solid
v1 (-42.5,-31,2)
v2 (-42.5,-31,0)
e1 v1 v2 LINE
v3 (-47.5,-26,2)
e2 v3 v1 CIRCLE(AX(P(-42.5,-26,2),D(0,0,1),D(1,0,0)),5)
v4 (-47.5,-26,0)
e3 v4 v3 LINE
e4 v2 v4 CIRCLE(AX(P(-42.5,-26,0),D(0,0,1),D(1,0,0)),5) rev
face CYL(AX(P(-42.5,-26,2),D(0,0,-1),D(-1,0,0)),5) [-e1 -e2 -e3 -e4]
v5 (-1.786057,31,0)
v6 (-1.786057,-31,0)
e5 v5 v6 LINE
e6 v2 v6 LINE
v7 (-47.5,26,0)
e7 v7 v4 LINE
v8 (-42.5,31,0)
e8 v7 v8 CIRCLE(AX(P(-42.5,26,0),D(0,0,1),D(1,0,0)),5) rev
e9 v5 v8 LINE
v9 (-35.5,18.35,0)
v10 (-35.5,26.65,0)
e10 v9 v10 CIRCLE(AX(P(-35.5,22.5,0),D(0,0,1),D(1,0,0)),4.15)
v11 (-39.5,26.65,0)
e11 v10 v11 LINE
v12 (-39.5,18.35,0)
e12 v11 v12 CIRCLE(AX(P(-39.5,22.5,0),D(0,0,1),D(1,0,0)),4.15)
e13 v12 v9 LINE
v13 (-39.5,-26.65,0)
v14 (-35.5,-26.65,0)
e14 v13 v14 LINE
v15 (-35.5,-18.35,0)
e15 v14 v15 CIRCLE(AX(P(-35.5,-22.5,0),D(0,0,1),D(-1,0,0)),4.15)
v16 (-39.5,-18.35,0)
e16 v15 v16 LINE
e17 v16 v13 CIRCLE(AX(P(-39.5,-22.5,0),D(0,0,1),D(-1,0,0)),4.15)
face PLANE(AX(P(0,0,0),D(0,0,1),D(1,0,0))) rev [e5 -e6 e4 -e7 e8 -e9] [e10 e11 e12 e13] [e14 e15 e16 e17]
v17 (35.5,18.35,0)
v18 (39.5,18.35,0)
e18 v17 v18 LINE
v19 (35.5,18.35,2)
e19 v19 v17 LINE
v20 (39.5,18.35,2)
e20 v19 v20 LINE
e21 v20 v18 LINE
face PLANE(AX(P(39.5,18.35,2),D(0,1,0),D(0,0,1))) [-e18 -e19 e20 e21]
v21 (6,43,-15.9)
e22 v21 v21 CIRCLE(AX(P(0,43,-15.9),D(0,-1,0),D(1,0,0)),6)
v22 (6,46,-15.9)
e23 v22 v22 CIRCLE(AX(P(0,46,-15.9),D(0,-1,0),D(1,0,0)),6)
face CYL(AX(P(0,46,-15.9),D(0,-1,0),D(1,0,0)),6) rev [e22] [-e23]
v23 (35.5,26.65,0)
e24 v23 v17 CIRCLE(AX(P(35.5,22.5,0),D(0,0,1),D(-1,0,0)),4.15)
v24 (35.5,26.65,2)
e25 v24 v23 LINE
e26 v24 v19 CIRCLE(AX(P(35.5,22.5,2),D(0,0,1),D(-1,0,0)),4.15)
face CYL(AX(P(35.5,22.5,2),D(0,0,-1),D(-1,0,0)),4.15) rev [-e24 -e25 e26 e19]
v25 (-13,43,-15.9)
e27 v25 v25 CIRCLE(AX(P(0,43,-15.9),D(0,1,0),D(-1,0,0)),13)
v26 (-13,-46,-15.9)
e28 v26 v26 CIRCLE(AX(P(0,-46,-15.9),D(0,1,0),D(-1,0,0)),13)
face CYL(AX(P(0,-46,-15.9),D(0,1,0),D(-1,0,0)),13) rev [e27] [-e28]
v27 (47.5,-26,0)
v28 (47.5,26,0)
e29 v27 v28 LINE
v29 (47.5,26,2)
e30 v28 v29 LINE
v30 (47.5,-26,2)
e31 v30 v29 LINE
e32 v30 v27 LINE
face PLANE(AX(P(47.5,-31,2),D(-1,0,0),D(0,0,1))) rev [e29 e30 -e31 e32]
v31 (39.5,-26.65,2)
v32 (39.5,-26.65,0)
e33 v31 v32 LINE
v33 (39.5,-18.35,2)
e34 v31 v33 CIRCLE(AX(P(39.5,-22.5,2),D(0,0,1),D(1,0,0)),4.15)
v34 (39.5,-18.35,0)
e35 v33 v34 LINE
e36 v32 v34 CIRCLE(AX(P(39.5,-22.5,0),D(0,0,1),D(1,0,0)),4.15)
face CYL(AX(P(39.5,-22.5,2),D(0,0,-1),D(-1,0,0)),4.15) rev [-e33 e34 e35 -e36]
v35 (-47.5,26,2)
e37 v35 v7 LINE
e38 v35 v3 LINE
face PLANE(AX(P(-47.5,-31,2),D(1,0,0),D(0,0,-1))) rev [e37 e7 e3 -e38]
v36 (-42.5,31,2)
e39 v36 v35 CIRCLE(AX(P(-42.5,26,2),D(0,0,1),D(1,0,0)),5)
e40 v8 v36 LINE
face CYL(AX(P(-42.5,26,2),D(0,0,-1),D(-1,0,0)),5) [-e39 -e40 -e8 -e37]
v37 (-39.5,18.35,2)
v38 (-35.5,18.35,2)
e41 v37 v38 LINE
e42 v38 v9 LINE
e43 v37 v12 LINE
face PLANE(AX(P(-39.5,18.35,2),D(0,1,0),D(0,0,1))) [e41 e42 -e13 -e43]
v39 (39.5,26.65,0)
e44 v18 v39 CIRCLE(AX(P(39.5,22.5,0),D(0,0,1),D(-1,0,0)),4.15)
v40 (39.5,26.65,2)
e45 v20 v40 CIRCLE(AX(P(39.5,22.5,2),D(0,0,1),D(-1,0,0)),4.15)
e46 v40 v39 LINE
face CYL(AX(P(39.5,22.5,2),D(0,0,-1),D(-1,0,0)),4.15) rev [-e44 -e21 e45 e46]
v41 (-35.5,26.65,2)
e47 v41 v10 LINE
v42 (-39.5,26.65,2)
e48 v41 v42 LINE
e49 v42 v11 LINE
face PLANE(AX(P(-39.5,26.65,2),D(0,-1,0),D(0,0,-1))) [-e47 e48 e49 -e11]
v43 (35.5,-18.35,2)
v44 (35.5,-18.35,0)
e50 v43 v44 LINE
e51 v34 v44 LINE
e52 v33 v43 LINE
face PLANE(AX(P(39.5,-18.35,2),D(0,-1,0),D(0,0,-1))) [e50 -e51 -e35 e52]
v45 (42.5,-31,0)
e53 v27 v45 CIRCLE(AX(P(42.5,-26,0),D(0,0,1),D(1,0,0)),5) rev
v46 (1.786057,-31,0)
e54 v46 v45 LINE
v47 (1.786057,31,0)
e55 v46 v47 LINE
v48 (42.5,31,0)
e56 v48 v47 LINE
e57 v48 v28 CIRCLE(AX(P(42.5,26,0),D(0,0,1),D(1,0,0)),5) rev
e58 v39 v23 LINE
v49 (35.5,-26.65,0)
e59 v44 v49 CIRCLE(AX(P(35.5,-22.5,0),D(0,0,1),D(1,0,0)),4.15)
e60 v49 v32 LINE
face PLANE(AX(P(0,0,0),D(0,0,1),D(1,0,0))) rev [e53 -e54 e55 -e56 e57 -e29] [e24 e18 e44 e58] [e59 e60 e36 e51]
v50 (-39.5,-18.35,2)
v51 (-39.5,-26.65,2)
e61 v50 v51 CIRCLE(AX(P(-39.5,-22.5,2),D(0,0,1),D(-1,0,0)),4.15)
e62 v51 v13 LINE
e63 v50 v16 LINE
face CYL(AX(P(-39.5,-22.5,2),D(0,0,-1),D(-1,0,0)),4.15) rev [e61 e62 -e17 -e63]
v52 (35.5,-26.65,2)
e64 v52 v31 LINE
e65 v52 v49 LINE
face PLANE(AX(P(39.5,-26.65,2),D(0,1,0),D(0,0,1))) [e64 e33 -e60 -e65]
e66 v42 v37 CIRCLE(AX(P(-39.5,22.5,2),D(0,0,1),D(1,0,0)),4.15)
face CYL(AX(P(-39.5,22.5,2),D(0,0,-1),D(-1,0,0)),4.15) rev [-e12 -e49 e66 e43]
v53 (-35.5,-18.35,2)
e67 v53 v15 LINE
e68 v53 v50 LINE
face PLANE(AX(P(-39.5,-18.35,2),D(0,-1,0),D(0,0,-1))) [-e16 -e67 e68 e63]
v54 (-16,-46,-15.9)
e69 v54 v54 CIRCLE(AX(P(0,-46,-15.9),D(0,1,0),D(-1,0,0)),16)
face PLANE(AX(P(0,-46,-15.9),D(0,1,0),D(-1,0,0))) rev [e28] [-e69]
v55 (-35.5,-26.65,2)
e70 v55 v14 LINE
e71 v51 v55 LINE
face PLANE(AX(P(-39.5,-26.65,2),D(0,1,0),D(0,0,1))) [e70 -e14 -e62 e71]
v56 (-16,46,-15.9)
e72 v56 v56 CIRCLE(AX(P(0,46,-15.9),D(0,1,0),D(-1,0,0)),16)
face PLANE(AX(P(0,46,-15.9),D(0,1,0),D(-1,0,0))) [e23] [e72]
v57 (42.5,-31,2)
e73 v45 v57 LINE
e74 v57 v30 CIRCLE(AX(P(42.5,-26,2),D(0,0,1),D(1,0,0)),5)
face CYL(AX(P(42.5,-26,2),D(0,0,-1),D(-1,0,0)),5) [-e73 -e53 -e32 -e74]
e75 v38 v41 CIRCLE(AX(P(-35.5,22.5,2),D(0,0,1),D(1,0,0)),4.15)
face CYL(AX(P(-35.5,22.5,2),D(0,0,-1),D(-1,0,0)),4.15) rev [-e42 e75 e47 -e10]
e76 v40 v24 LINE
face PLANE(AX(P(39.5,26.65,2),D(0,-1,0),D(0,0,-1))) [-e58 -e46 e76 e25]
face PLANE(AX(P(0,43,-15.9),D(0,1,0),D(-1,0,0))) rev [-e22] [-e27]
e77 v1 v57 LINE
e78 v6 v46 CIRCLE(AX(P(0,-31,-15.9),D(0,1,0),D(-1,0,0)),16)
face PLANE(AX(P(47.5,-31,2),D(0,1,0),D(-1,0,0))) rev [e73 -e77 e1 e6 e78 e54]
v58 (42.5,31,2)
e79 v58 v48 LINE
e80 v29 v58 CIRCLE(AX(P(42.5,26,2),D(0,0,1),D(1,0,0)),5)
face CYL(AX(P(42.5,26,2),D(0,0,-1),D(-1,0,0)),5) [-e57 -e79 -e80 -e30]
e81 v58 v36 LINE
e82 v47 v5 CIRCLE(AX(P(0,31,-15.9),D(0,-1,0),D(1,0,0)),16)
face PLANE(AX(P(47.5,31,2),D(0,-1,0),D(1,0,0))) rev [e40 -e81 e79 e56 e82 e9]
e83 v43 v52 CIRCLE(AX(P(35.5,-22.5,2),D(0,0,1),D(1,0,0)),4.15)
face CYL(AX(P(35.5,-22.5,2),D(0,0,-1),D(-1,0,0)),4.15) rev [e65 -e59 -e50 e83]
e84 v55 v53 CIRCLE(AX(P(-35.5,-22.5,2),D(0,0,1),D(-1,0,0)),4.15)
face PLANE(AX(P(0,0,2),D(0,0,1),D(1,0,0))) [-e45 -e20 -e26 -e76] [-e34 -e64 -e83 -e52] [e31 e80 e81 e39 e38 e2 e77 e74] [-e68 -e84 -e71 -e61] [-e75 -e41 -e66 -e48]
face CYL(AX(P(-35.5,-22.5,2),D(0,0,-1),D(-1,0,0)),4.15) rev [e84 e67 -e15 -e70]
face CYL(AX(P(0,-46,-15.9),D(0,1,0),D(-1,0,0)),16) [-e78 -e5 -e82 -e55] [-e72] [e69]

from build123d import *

# Parameters (mm, degrees)
SKETCH_1_W           = 95
SKETCH_1_H           = 62
EXTRUDE_1_DEPTH      = 2
EXTRUDE_2_DEPTH      = 15
EXTRUDE_2_DEPTH_BACK = 77
SKETCH_2_R           = 16
FILLET_1_R           = 5
CUT_EXTRUDE_START    = -3
SKETCH_3_R           = 13
CUT_EXTRUDE_3_DEPTH  = 106.341404828
SKETCH_5_R           = 6
CUT_EXTRUDE_4_DEPTH  = 106.805765438


with BuildPart() as part:
    # 草图1 → 凸台-拉伸1 (new body)
    with BuildSketch(Plane.XY):
        Rectangle(SKETCH_1_W, SKETCH_1_H)
        with BuildLine():
            Line((-39.5, 26.65), (-35.5, 26.65))
            ThreePointArc((-35.5, 26.65), (-31.35, 22.5), (-35.5, 18.35))
            Line((-35.5, 18.35), (-39.5, 18.35))
            ThreePointArc((-39.5, 18.35), (-43.65, 22.5), (-39.5, 26.65))
        make_face(mode=Mode.SUBTRACT)
        with BuildLine():
            Line((39.5, 26.65), (35.5, 26.65))
            ThreePointArc((35.5, 26.65), (31.35, 22.5), (35.5, 18.35))
            Line((35.5, 18.35), (39.5, 18.35))
            ThreePointArc((39.5, 18.35), (43.65, 22.5), (39.5, 26.65))
        make_face(mode=Mode.SUBTRACT)
        with BuildLine():
            Line((-39.5, -26.65), (-35.5, -26.65))
            ThreePointArc((-35.5, -26.65), (-31.35, -22.5), (-35.5, -18.35))
            Line((-35.5, -18.35), (-39.5, -18.35))
            ThreePointArc((-39.5, -18.35), (-43.65, -22.5), (-39.5, -26.65))
        make_face(mode=Mode.SUBTRACT)
        with BuildLine():
            Line((39.5, -26.65), (35.5, -26.65))
            ThreePointArc((35.5, -26.65), (31.35, -22.5), (35.5, -18.35))
            Line((35.5, -18.35), (39.5, -18.35))
            ThreePointArc((39.5, -18.35), (43.65, -22.5), (39.5, -26.65))
        make_face(mode=Mode.SUBTRACT)
    extrude(amount=EXTRUDE_1_DEPTH)

    # 草图2 → 凸台-拉伸2 (add, two sides: drawn at the far end of the back side and taken through both)
    with BuildSketch(Plane(origin=(0, 31, 0), x_dir=(1, 0, 0), z_dir=(0, 1, 0)).offset(-EXTRUDE_2_DEPTH_BACK)):
        with Locations(Location((0, 15.9, 0), (0, 0, 180))):
            Circle(SKETCH_2_R)
    extrude(amount=EXTRUDE_2_DEPTH + EXTRUDE_2_DEPTH_BACK)

    # 圆角1
    fillet_1_edges = [part.edges().sort_by_distance(p)[0] for p in [
        (-47.5, 31, 1),
        (47.5, 31, 1),
        (47.5, -31, 1),
        (-47.5, -31, 1),
    ]]
    fillet(fillet_1_edges, radius=FILLET_1_R)

    # 草图3 → 切除-拉伸3 (cut, through all)
    with BuildSketch(Plane(origin=(0, 46, 0), x_dir=(1, 0, 0), z_dir=(0, 1, 0)).offset(CUT_EXTRUDE_START)):
        with Locations(Location((0, 15.9, 0), (0, 0, 180))):
            Circle(SKETCH_3_R)
    extrude(amount=-CUT_EXTRUDE_3_DEPTH, mode=Mode.SUBTRACT)

    # 草图5 → 切除-拉伸4 (cut, through all)
    with BuildSketch(Plane(origin=(0, 43, 0), x_dir=(-1, 0, 0), z_dir=(0, -1, 0))):
        with Locations(Location((0, 15.9, 0), (0, 0, 180))):
            Circle(SKETCH_5_R)
    extrude(amount=-CUT_EXTRUDE_4_DEPTH, mode=Mode.SUBTRACT)


solid = part.part
